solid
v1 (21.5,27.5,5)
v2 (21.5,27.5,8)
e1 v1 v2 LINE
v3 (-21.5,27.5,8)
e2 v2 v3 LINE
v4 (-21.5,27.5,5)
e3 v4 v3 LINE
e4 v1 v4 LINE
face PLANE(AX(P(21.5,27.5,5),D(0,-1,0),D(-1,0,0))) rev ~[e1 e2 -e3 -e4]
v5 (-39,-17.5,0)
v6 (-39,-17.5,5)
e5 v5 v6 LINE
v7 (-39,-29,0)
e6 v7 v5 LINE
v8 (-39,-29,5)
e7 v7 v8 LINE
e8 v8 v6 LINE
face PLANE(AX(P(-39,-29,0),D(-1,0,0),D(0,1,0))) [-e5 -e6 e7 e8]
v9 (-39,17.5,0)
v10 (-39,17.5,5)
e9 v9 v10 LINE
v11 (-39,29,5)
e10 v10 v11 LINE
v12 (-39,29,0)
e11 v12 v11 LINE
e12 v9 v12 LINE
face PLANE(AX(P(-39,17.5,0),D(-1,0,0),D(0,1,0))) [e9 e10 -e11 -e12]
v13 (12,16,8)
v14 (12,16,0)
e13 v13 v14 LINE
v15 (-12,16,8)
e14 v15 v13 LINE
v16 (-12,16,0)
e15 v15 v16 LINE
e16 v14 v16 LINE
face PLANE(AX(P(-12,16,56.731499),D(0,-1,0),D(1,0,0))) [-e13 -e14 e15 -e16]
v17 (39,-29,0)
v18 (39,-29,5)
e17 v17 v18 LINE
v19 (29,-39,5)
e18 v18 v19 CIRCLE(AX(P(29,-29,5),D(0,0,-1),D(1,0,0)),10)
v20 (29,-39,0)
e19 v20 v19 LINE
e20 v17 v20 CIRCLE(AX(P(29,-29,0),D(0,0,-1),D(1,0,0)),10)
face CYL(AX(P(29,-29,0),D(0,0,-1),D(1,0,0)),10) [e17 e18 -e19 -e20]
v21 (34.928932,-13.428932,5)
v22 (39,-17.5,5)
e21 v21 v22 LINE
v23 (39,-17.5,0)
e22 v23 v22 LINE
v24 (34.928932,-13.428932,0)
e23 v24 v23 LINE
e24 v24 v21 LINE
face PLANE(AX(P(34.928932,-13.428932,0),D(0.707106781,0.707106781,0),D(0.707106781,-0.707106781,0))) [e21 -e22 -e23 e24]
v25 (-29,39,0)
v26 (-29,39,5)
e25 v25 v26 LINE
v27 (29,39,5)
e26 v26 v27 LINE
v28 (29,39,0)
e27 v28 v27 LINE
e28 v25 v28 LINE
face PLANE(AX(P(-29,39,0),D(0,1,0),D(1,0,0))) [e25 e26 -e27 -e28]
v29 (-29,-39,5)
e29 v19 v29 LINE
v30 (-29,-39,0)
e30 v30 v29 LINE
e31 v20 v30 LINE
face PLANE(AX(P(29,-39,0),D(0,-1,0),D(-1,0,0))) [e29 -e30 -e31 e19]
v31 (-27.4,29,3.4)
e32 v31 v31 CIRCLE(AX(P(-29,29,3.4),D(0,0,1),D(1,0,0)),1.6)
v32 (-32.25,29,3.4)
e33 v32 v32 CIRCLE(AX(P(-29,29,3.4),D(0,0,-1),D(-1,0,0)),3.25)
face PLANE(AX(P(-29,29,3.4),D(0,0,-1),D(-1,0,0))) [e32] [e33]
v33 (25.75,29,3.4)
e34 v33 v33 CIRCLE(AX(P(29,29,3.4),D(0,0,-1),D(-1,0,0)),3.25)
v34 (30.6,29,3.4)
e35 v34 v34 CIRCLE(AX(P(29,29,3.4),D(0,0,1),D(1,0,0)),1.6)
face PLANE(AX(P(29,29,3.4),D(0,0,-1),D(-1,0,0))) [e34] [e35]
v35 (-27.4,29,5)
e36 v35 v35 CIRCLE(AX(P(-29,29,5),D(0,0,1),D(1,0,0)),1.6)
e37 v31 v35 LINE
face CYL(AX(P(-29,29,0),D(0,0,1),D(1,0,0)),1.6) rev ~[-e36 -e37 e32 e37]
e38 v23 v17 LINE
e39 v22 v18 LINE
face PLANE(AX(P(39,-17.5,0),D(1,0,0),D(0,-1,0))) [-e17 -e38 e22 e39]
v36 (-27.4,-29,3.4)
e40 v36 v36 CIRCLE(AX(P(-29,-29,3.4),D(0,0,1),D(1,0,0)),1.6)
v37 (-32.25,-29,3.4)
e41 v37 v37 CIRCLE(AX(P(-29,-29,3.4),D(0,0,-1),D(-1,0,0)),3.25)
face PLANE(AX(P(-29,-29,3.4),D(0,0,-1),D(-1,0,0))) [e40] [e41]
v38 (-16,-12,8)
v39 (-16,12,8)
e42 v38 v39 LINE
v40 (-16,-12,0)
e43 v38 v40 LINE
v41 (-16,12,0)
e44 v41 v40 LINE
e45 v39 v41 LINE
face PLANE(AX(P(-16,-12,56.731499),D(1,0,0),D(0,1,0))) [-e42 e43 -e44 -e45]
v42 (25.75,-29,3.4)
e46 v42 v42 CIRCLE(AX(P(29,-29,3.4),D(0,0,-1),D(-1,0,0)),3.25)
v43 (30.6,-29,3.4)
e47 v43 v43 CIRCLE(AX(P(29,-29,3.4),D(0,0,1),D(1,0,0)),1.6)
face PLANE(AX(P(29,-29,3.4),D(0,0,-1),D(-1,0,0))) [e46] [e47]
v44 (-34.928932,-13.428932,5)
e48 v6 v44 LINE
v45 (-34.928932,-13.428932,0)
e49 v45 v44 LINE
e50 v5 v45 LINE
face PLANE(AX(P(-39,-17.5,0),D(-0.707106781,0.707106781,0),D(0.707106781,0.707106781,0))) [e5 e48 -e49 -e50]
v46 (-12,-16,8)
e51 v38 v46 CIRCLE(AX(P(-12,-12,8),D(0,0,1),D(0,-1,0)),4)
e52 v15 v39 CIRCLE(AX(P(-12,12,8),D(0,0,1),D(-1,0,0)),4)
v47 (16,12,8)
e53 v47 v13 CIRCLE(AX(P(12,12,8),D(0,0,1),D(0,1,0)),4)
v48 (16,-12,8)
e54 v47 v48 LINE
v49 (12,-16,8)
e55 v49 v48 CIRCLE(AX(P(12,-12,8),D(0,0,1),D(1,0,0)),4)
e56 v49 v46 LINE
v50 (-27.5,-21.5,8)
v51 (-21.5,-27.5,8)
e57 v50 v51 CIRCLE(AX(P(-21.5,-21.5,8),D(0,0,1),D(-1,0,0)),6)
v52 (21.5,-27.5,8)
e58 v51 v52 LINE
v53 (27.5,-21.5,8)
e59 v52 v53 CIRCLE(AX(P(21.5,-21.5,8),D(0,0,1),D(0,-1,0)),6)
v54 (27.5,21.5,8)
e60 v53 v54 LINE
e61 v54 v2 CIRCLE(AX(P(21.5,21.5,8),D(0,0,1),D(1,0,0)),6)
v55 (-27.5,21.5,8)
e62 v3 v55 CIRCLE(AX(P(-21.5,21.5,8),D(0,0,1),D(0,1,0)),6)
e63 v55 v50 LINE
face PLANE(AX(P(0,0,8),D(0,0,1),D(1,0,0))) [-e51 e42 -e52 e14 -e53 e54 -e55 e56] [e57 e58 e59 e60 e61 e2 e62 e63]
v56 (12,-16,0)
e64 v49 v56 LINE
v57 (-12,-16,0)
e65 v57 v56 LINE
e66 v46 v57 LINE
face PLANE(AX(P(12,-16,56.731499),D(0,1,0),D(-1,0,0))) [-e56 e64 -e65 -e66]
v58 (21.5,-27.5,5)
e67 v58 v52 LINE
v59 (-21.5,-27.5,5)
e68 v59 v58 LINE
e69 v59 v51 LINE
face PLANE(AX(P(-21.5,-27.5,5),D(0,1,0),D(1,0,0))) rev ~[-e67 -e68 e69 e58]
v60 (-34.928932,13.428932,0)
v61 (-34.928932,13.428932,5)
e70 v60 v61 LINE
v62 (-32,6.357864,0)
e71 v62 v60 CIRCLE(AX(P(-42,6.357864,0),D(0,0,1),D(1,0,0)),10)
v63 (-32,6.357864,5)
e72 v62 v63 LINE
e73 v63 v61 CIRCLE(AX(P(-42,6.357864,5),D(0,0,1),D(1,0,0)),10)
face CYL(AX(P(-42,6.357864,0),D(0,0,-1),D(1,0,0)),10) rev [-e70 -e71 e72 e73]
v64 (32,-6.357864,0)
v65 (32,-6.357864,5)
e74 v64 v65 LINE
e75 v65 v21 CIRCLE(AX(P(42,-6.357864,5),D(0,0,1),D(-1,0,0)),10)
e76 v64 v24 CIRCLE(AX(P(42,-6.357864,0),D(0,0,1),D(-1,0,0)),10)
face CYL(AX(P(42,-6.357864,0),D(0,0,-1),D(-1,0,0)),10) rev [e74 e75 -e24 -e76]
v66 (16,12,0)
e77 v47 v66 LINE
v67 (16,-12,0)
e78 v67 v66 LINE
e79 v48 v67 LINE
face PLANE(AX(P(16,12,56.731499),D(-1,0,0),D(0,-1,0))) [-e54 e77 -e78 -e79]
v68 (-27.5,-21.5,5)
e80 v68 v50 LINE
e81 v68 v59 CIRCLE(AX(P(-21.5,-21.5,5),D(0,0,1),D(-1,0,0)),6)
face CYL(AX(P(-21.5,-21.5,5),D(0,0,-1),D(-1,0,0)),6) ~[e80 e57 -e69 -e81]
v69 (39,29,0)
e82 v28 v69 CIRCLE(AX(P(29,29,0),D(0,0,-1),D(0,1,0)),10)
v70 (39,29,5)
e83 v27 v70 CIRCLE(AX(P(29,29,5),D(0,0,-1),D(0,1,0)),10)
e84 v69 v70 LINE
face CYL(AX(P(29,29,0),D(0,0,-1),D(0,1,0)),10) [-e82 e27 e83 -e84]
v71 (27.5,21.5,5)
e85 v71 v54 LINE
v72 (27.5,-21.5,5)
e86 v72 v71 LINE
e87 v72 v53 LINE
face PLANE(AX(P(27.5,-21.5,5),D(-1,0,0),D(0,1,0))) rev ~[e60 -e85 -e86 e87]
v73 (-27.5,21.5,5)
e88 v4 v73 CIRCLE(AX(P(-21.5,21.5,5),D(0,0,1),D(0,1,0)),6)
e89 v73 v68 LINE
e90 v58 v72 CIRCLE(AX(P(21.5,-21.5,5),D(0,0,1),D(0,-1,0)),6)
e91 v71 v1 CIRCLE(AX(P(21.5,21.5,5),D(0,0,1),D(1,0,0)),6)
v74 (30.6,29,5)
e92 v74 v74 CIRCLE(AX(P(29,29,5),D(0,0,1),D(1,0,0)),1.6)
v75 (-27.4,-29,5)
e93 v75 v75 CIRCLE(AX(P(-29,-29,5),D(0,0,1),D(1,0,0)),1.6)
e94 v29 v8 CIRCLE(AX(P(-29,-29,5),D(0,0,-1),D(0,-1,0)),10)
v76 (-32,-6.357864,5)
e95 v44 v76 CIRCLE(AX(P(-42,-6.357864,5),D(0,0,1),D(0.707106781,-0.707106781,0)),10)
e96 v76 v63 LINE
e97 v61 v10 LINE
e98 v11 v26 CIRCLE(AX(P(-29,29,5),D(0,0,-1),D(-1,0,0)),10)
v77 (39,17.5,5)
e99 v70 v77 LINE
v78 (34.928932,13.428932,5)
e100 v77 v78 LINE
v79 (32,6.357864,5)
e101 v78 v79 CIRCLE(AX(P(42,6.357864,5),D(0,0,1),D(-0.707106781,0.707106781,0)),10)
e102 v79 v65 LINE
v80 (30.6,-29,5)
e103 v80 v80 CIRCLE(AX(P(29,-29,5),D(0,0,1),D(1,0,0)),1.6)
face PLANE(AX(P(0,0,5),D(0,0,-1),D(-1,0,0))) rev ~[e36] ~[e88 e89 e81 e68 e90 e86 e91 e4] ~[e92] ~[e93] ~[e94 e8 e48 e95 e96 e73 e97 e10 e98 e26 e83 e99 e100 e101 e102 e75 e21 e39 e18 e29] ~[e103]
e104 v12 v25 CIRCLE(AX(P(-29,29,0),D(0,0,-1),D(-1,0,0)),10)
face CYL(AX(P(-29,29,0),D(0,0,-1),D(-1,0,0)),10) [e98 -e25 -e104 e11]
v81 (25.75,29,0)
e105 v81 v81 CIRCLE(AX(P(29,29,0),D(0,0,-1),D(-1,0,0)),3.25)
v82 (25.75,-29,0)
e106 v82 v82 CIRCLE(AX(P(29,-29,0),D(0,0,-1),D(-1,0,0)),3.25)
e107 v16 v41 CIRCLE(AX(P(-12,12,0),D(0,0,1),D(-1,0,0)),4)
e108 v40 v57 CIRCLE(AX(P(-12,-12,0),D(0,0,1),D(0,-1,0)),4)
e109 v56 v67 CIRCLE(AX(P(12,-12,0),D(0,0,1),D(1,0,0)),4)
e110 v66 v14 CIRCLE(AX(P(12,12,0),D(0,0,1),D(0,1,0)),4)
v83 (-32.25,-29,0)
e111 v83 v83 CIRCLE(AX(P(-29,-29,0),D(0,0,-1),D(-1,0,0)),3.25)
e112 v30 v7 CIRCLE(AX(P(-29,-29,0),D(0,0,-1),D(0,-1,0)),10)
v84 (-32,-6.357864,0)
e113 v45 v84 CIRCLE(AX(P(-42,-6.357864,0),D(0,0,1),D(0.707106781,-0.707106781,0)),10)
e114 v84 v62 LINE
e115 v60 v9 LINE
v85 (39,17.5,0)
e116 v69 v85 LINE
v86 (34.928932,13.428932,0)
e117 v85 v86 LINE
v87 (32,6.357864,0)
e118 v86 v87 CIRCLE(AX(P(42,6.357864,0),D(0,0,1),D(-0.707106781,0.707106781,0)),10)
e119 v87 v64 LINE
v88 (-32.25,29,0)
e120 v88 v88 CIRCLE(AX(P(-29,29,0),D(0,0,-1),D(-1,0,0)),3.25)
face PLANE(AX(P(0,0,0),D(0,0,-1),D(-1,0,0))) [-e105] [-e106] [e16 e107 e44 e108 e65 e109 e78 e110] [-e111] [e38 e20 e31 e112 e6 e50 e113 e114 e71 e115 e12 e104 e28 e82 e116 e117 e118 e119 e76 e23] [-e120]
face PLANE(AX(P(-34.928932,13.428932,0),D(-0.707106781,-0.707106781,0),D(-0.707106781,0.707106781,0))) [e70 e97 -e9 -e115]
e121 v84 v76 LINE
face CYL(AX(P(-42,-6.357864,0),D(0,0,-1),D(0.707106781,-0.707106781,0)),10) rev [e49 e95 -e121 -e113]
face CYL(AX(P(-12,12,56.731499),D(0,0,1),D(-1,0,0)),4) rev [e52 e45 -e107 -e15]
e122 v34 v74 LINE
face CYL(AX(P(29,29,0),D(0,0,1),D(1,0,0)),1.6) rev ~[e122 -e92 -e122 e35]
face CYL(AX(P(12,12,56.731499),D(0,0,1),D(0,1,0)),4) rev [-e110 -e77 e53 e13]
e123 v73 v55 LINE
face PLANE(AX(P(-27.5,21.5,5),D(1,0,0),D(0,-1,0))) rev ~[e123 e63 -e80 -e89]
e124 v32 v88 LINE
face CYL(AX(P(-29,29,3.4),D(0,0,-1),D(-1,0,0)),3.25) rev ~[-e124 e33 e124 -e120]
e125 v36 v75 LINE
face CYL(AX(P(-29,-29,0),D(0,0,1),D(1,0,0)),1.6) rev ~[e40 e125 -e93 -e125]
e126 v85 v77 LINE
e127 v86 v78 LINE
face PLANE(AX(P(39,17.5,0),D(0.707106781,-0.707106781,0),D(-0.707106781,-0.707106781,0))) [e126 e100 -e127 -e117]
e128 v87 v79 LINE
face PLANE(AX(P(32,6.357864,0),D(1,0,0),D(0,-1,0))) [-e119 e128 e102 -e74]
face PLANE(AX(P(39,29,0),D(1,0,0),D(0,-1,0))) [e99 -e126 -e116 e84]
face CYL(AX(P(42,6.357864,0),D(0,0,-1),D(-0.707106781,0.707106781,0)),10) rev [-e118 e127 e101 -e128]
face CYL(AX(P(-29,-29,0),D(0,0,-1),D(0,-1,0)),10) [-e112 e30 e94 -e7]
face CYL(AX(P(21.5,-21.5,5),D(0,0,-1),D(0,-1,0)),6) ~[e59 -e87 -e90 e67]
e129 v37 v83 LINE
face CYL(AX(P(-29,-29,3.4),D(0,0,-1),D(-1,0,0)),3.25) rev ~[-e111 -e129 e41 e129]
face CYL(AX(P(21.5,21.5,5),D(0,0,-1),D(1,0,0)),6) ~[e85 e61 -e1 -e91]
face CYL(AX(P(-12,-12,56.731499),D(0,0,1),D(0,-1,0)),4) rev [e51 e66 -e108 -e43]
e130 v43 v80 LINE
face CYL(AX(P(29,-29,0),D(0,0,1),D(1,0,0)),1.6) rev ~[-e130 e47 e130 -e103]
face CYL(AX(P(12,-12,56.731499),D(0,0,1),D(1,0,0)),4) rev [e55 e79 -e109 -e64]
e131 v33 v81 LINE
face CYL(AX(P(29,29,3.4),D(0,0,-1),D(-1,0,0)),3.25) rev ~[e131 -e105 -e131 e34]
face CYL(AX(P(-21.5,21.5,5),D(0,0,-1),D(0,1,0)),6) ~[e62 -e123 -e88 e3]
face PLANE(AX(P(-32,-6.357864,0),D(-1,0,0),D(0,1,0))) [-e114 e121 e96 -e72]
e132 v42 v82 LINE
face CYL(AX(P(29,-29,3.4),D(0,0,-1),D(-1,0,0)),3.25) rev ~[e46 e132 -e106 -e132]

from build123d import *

# Parameters (mm, degrees)
BOSS_EXTRUDE1_DEPTH                                 = 5
BOSS_EXTRUDE2_DEPTH                                 = 3
CUT_EXTRUDE1_DEPTH                                  = 56.731499172
CUT_EXTRUDE1_DEPTH_BACK                             = 56.731499172
CBORE_FOR_M3_HEX_SOCKET_HEAD_CAP_SCREW1_D           = 3.2
CBORE_FOR_M3_HEX_SOCKET_HEAD_CAP_SCREW1_CBORE_D     = 6.5
CBORE_FOR_M3_HEX_SOCKET_HEAD_CAP_SCREW1_CBORE_DEPTH = 3.4


with BuildPart() as part:
    # Sketch1 → Boss-Extrude1 (new body)
    with BuildSketch(Plane.XY):
        with BuildLine():
            Line((-29, 39), (29, 39))
            ThreePointArc((29, 39), (36.071067812, 36.071067812), (39, 29))
            Line((39, 29), (39, 17.5))
            Line((39, 17.5), (34.928932188, 13.428932188))
            ThreePointArc((34.928932188, 13.428932188), (32.761204675, 10.1846987), (32, 6.357864376))
            Line((32, 6.357864376), (32, -6.357864376))
            ThreePointArc((32, -6.357864376), (32.761204675, -10.1846987), (34.928932188, -13.428932188))
            Line((34.928932188, -13.428932188), (39, -17.5))
            Line((39, -17.5), (39, -29))
            ThreePointArc((39, -29), (36.071067812, -36.071067812), (29, -39))
            Line((29, -39), (-29, -39))
            ThreePointArc((-29, -39), (-36.071067812, -36.071067812), (-39, -29))
            Line((-39, -29), (-39, -17.5))
            Line((-39, -17.5), (-34.928932188, -13.428932188))
            ThreePointArc((-34.928932188, -13.428932188), (-32.761204675, -10.1846987), (-32, -6.357864376))
            Line((-32, -6.357864376), (-32, 6.357864376))
            ThreePointArc((-32, 6.357864376), (-32.761204675, 10.1846987), (-34.928932188, 13.428932188))
            Line((-34.928932188, 13.428932188), (-39, 17.5))
            Line((-39, 17.5), (-39, 29))
            ThreePointArc((-39, 29), (-36.071067812, 36.071067812), (-29, 39))
        make_face()
    extrude(amount=BOSS_EXTRUDE1_DEPTH)

    # Sketch2 → Boss-Extrude2 (add)
    with BuildSketch(Plane(origin=(0, 0, 5), x_dir=(-1, 0, 0), z_dir=(0, 0, -1))):
        with BuildLine():
            Line((-21.5, 27.5), (21.5, 27.5))
            ThreePointArc((21.5, 27.5), (25.742640687, 25.742640687), (27.5, 21.5))
            Line((27.5, 21.5), (27.5, -21.5))
            ThreePointArc((27.5, -21.5), (25.742640687, -25.742640687), (21.5, -27.5))
            Line((21.5, -27.5), (-21.5, -27.5))
            ThreePointArc((-21.5, -27.5), (-25.742640687, -25.742640687), (-27.5, -21.5))
            Line((-27.5, -21.5), (-27.5, 21.5))
            ThreePointArc((-27.5, 21.5), (-25.742640687, 25.742640687), (-21.5, 27.5))
        make_face()
    extrude(amount=-BOSS_EXTRUDE2_DEPTH)

    # Sketch3 → Cut-Extrude1 (cut, two sides: drawn at the far end of the back side and taken through both)
    with BuildSketch(Plane(origin=(0, 0, 0), x_dir=(-1, 0, 0), z_dir=(0, 0, -1)).offset(-CUT_EXTRUDE1_DEPTH_BACK)):
        with BuildLine():
            Line((-12, -16), (12, -16))
            ThreePointArc((12, -16), (14.828427125, -14.828427125), (16, -12))
            Line((16, -12), (16, 12))
            ThreePointArc((16, 12), (14.828427125, 14.828427125), (12, 16))
            Line((12, 16), (-12, 16))
            ThreePointArc((-12, 16), (-14.828427125, 14.828427125), (-16, 12))
            Line((-16, 12), (-16, -12))
            ThreePointArc((-16, -12), (-14.828427125, -14.828427125), (-12, -16))
        make_face()
    extrude(amount=CUT_EXTRUDE1_DEPTH + CUT_EXTRUDE1_DEPTH_BACK, mode=Mode.SUBTRACT)

    # CBORE for M3 Hex Socket Head Cap Screw1 (through all)
    with Locations(Plane(origin=(0, 0, 0), x_dir=(-1, 0, 0), z_dir=(0, 0, -1))):
        with Locations((29, -29), (29, 29), (-29, 29), (-29, -29)):
            CounterBoreHole(CBORE_FOR_M3_HEX_SOCKET_HEAD_CAP_SCREW1_D / 2, CBORE_FOR_M3_HEX_SOCKET_HEAD_CAP_SCREW1_CBORE_D / 2, CBORE_FOR_M3_HEX_SOCKET_HEAD_CAP_SCREW1_CBORE_DEPTH)


solid = part.part
